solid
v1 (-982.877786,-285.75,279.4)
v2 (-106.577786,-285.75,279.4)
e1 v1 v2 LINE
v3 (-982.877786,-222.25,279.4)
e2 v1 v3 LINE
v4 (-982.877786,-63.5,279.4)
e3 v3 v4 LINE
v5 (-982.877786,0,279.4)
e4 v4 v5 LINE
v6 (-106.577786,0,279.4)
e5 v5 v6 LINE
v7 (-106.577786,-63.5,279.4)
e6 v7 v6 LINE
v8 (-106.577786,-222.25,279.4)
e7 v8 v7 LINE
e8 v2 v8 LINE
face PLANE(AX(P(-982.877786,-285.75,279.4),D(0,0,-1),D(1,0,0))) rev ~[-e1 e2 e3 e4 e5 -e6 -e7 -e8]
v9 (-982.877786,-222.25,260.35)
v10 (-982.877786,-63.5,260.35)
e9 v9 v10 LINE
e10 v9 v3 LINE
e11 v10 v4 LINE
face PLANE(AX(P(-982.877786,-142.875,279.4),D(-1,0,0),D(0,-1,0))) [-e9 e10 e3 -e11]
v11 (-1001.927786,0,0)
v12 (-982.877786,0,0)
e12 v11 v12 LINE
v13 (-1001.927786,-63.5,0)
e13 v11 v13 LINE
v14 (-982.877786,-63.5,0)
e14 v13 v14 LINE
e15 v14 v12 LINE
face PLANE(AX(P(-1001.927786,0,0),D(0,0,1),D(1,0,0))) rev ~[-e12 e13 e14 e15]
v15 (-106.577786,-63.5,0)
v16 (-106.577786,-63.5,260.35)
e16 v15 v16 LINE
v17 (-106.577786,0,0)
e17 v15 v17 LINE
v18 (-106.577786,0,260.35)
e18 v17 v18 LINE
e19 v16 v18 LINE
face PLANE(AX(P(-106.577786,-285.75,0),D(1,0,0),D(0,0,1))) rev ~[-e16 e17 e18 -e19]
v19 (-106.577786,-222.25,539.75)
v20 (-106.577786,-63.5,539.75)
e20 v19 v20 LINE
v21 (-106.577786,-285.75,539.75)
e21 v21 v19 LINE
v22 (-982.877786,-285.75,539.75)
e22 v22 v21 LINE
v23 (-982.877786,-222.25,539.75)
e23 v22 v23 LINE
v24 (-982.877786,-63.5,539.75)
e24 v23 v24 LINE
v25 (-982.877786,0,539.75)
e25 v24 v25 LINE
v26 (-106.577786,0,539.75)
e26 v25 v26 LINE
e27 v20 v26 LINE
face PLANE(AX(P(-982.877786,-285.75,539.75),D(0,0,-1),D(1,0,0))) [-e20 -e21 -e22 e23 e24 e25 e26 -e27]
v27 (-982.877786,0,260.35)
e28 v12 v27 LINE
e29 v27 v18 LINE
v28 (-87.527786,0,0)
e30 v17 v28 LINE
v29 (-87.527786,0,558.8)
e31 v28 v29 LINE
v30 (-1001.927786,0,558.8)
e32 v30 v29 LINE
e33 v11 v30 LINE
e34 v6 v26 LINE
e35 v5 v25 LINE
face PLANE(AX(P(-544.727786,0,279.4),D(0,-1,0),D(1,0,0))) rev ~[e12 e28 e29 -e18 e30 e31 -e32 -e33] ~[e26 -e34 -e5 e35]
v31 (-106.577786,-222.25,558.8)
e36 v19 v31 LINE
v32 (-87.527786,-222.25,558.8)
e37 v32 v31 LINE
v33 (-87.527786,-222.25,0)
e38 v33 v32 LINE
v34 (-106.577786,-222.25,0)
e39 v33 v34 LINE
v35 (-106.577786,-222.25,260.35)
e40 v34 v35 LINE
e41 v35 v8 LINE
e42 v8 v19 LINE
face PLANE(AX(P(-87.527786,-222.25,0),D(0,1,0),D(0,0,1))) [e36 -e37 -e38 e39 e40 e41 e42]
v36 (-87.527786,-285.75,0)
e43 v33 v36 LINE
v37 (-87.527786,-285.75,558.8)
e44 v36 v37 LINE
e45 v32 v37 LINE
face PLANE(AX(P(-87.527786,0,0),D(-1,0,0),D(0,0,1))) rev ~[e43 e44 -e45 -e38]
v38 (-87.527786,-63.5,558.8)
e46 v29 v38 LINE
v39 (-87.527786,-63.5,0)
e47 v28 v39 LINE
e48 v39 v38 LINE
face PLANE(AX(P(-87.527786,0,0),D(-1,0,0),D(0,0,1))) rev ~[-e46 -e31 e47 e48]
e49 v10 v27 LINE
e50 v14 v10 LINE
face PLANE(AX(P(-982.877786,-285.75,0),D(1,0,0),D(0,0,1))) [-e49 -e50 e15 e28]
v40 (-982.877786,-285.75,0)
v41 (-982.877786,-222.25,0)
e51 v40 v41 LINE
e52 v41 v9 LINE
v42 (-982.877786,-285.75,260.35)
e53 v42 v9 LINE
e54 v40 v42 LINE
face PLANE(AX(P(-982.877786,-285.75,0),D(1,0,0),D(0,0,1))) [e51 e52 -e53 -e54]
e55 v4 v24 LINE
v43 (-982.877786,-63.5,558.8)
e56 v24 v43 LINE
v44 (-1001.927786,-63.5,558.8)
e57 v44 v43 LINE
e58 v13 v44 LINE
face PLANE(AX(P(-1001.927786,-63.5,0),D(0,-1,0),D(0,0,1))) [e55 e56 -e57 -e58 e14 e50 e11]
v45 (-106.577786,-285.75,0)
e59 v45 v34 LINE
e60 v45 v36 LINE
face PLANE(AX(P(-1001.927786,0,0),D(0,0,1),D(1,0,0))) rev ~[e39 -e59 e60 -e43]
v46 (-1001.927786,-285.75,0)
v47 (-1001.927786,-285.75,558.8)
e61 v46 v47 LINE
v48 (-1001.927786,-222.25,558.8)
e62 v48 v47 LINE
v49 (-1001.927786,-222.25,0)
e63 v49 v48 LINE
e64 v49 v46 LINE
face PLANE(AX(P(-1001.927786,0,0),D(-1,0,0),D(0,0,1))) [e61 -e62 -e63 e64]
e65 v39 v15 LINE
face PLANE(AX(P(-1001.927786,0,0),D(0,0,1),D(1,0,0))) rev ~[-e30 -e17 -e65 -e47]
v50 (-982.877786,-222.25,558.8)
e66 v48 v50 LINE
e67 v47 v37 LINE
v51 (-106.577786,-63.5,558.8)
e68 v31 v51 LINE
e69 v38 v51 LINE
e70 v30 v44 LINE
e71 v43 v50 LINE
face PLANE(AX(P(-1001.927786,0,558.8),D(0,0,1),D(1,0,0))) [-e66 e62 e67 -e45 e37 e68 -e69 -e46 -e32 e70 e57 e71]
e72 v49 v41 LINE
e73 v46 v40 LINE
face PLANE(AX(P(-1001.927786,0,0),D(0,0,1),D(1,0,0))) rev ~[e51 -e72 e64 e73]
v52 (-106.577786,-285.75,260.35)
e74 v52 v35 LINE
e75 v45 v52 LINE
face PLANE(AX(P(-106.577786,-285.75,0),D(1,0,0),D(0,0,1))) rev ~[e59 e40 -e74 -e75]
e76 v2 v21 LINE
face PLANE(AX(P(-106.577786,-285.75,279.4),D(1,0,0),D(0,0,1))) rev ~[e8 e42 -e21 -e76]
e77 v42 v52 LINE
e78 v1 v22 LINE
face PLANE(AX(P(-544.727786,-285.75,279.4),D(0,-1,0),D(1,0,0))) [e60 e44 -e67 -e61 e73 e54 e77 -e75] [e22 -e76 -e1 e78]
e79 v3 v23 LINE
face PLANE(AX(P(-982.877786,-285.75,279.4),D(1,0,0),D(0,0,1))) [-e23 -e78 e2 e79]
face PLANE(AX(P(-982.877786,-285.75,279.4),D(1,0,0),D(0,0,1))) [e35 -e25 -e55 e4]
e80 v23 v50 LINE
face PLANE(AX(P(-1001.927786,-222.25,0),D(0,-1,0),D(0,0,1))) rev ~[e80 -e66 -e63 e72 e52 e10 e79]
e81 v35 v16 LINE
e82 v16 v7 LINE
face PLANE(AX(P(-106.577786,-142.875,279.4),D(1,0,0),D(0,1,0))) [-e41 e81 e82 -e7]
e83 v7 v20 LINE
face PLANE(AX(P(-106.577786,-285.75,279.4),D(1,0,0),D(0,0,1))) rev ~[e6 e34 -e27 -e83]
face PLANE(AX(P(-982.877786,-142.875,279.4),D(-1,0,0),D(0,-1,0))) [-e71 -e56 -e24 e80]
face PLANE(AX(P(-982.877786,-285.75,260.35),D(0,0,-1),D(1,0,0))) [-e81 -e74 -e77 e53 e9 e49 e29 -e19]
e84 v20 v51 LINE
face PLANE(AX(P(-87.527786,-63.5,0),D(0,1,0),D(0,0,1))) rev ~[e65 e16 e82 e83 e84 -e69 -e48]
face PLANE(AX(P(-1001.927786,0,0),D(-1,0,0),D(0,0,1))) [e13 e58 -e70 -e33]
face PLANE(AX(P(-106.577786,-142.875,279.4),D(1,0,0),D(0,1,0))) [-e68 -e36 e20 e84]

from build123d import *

# Parameters (mm, degrees)
F0_W     = 914.4
F0_H     = 558.8
F1_DEPTH = 285.75
F2_W     = 876.3
F2_H     = 260.35
F3_DEPTH = 285.751
F4_W     = 158.75
F4_H     = 558.8
F5_DEPTH = 19.05
F6_W     = 158.75
F6_H     = 558.8
F7_DEPTH = 19.05


with BuildPart() as f1:
    # F0 (on Front) → F1 (new body)
    with BuildSketch(Plane.XZ):
        with Locations((-544.727786, 279.4)):
            Rectangle(F0_W, F0_H)
    extrude(amount=F1_DEPTH)

    # F2 (on face) → F3 (cut, through all)
    with BuildSketch(Plane.XZ.offset(285.75)):
        with Locations((-544.727786, 130.175)):
            Rectangle(F2_W, F2_H)
        with Locations((-544.727786, 409.575)):
            Rectangle(F2_W, F2_H)
    extrude(amount=-F3_DEPTH, mode=Mode.SUBTRACT)

    # F4 (on face) → F5 (cut, through all)
    with BuildSketch(Plane.YZ.offset(-87.527786)):
        with Locations((-142.875, 279.4)):
            Rectangle(F4_W, F4_H)
    extrude(amount=-F5_DEPTH, mode=Mode.SUBTRACT)

    # F6 (on face) → F7 (cut, through all)
    with BuildSketch(Plane(origin=(-1001.927786, 0, 0), x_dir=(0, -1, 0), z_dir=(-1, 0, 0))):
        with Locations((142.875, 279.4)):
            Rectangle(F6_W, F6_H)
    extrude(amount=-F7_DEPTH, mode=Mode.SUBTRACT)


solid = f1.part
